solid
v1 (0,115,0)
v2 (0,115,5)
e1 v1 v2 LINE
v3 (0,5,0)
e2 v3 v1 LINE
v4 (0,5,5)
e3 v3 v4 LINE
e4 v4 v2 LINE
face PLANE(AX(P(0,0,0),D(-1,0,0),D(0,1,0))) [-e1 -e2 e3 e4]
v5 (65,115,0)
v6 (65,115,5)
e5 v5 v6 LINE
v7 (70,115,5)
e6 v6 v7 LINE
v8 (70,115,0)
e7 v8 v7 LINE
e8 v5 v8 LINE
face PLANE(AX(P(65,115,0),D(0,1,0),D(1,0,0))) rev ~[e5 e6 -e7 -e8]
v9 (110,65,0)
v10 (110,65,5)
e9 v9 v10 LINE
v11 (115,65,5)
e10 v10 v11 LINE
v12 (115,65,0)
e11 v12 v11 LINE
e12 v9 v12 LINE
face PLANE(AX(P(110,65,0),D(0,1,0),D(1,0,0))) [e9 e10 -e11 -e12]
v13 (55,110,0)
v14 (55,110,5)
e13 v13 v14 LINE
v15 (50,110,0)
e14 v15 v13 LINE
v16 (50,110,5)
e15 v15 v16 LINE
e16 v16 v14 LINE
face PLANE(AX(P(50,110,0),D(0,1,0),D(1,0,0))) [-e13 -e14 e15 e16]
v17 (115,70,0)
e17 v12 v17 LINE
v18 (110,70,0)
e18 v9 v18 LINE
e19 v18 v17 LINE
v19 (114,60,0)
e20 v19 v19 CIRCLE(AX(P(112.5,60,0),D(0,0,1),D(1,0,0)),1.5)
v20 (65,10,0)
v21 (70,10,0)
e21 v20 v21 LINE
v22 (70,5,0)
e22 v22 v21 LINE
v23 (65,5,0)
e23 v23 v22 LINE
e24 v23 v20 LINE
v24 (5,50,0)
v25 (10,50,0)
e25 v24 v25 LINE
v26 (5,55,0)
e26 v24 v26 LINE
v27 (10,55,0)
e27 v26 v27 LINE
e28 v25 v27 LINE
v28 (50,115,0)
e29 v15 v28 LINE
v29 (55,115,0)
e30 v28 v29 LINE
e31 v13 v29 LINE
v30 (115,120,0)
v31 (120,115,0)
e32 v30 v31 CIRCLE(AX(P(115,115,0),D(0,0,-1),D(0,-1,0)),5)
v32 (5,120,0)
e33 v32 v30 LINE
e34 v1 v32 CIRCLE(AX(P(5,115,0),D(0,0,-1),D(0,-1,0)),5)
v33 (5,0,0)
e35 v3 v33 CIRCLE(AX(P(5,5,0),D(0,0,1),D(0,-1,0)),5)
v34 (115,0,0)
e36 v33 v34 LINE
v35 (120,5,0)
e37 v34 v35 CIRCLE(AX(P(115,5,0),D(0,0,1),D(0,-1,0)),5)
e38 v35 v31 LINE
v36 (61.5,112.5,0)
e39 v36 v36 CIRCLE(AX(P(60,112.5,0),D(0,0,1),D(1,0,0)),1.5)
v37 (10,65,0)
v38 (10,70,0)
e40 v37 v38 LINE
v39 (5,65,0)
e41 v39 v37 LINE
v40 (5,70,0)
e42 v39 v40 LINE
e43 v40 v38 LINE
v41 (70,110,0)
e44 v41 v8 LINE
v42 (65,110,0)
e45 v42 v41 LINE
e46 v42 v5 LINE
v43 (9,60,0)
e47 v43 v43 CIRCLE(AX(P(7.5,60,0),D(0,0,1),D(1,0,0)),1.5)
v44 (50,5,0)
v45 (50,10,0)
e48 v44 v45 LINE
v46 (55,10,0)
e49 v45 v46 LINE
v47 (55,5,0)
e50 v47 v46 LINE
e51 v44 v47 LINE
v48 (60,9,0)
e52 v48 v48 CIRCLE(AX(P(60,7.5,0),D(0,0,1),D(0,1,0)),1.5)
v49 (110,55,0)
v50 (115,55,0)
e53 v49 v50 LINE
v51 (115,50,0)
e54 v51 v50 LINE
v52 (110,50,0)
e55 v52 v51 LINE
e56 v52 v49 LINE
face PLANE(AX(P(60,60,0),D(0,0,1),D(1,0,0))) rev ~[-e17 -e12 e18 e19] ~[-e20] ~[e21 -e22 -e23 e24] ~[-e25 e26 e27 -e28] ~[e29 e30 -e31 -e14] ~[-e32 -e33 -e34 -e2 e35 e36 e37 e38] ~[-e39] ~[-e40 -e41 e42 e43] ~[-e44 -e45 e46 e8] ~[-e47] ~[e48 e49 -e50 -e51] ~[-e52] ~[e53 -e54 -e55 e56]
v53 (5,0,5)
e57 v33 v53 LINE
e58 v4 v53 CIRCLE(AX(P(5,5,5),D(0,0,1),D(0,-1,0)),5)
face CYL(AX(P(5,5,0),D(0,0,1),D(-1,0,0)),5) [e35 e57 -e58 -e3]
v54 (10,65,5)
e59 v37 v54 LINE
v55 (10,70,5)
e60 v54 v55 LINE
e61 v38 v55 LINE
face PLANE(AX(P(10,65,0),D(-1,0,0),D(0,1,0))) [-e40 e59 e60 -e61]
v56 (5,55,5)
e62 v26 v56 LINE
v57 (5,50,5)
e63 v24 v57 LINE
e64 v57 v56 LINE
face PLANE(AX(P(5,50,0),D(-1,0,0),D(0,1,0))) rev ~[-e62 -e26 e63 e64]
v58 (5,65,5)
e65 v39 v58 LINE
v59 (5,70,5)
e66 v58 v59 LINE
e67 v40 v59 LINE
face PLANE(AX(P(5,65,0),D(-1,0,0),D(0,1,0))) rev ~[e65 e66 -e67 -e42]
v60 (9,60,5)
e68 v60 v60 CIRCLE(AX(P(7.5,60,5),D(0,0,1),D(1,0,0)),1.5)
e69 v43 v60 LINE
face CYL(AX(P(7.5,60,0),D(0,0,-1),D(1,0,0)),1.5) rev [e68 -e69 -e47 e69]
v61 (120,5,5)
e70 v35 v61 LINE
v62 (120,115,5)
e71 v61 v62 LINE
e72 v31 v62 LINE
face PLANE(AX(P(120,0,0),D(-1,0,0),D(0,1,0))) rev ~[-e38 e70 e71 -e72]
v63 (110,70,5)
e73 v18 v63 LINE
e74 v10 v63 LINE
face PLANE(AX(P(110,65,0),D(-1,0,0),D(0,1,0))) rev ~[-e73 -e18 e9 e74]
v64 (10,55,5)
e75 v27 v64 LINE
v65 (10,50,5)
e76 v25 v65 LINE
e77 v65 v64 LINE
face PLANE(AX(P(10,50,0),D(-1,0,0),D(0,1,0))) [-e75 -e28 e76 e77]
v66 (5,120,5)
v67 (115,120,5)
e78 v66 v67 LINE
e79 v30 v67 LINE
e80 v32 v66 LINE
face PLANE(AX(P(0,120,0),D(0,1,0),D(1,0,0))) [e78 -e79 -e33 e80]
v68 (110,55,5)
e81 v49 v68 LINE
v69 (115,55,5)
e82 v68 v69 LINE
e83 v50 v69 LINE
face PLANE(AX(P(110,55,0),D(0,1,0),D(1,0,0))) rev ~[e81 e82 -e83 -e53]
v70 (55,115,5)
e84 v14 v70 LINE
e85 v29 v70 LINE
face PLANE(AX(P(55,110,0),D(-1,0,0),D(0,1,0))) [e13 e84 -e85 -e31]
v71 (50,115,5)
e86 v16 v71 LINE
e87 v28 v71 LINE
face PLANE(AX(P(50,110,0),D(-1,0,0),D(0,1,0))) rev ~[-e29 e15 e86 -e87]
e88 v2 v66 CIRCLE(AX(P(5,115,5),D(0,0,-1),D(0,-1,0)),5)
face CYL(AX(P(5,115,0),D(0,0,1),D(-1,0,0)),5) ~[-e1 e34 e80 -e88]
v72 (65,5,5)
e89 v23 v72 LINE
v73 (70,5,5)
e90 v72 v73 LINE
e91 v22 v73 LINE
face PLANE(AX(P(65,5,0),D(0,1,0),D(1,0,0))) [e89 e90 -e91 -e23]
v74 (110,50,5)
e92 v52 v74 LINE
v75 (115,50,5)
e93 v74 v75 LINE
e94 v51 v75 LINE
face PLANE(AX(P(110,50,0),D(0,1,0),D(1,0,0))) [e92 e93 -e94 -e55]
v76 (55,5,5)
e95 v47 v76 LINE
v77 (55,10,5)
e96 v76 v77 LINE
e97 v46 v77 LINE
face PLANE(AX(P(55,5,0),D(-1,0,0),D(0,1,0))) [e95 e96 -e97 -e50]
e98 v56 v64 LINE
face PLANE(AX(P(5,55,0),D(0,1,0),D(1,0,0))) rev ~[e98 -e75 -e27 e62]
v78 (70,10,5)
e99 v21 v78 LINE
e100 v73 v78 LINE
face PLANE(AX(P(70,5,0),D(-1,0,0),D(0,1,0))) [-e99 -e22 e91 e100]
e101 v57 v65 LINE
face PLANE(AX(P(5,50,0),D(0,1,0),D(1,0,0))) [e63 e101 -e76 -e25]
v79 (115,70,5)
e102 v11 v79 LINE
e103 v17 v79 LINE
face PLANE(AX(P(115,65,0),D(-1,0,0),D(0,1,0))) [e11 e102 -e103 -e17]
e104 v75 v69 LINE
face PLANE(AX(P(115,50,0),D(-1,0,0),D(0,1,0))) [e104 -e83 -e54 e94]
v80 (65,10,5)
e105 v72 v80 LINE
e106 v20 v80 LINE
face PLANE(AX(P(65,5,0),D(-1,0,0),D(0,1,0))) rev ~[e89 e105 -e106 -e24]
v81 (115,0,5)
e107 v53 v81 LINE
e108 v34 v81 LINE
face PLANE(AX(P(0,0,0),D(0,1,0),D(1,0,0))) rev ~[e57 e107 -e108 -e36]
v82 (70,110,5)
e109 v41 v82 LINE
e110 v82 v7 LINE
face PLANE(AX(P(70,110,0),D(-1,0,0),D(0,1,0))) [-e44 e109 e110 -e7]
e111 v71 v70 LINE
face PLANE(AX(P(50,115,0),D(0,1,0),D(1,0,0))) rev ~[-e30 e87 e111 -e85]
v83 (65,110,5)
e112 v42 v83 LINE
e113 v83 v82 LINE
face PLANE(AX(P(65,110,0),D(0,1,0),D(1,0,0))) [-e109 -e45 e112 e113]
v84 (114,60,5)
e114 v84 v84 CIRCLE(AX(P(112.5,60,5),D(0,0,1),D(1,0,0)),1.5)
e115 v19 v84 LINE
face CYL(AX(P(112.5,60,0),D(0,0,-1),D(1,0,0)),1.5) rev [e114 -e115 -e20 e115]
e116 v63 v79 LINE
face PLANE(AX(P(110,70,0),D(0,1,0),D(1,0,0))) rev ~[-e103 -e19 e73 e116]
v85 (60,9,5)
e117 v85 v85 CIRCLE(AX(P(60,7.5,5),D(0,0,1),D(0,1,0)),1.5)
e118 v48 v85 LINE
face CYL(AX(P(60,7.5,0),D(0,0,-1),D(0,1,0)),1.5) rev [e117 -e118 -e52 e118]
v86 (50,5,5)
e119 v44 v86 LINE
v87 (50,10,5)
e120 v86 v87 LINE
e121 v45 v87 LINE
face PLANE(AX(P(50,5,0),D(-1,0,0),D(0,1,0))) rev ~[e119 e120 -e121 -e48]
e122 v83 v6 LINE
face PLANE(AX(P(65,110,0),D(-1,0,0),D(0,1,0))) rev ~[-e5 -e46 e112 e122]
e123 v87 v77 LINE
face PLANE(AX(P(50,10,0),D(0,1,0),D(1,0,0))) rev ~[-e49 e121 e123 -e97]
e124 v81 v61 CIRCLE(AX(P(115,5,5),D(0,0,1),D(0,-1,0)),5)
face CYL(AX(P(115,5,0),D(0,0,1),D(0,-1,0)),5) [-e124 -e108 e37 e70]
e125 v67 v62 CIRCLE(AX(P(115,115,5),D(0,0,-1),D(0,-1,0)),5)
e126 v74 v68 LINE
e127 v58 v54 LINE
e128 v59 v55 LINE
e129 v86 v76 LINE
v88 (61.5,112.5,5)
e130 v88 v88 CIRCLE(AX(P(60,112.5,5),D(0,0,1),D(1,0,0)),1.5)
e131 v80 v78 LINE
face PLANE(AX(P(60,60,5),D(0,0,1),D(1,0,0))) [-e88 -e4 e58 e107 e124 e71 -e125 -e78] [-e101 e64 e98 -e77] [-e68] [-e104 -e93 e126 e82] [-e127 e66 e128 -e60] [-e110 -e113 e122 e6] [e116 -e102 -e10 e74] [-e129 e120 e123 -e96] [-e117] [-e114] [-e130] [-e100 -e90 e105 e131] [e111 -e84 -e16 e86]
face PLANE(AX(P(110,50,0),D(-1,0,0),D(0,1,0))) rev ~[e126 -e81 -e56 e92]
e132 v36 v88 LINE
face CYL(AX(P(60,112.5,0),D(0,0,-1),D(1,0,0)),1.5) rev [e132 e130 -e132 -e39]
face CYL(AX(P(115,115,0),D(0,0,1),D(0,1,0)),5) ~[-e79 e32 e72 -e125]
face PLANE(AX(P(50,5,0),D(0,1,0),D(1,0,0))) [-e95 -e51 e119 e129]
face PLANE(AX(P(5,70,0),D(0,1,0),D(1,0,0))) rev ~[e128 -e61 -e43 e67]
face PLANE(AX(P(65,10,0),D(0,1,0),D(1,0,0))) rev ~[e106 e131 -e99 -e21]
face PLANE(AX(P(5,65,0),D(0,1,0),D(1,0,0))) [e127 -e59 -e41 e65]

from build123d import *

# Parameters (mm, degrees)
SKETCH1_W           = 120
SKETCH1_H           = 120
SKETCH1_R           = 1.5
SKETCH1_W_2         = 5
SKETCH1_H_2         = 5
BOSS_EXTRUDE1_DEPTH = 5
FILLET1_R           = 5


with BuildPart() as part:
    # Sketch1 → Boss-Extrude1 (new body)
    with BuildSketch(Plane.XY):
        with Locations((60, 60)):
            Rectangle(SKETCH1_W, SKETCH1_H)
        with Locations((112.5, 60)):
            Circle(SKETCH1_R, mode=Mode.SUBTRACT)
        with Locations((7.5, 60)):
            Circle(SKETCH1_R, mode=Mode.SUBTRACT)
        with Locations((60, 112.5)):
            Circle(SKETCH1_R, mode=Mode.SUBTRACT)
        with Locations(Location((60, 7.5, 0), (0, 0, 90))):
            Circle(SKETCH1_R, mode=Mode.SUBTRACT)
        with Locations((112.5, 52.5)):
            Rectangle(SKETCH1_W_2, SKETCH1_H_2, mode=Mode.SUBTRACT)
        with Locations((112.5, 67.5)):
            Rectangle(SKETCH1_W_2, SKETCH1_H_2, mode=Mode.SUBTRACT)
        with Locations((7.5, 52.5)):
            Rectangle(SKETCH1_W_2, SKETCH1_H_2, mode=Mode.SUBTRACT)
        with Locations((7.5, 67.5)):
            Rectangle(SKETCH1_W_2, SKETCH1_H_2, mode=Mode.SUBTRACT)
        with Locations((67.5, 112.5)):
            Rectangle(SKETCH1_W_2, SKETCH1_H_2, mode=Mode.SUBTRACT)
        with Locations((52.5, 112.5)):
            Rectangle(SKETCH1_W_2, SKETCH1_H_2, mode=Mode.SUBTRACT)
        with Locations((67.5, 7.5)):
            Rectangle(SKETCH1_W_2, SKETCH1_H_2, mode=Mode.SUBTRACT)
        with Locations((52.5, 7.5)):
            Rectangle(SKETCH1_W_2, SKETCH1_H_2, mode=Mode.SUBTRACT)
    extrude(amount=BOSS_EXTRUDE1_DEPTH)

    # Fillet1
    fillet1_edges = [part.edges().sort_by_distance(p)[0] for p in [
        (0, 120, 2.5),
        (120, 120, 2.5),
        (120, 0, 2.5),
        (0, 0, 2.5),
    ]]
    fillet(fillet1_edges, radius=FILLET1_R)


solid = part.part
